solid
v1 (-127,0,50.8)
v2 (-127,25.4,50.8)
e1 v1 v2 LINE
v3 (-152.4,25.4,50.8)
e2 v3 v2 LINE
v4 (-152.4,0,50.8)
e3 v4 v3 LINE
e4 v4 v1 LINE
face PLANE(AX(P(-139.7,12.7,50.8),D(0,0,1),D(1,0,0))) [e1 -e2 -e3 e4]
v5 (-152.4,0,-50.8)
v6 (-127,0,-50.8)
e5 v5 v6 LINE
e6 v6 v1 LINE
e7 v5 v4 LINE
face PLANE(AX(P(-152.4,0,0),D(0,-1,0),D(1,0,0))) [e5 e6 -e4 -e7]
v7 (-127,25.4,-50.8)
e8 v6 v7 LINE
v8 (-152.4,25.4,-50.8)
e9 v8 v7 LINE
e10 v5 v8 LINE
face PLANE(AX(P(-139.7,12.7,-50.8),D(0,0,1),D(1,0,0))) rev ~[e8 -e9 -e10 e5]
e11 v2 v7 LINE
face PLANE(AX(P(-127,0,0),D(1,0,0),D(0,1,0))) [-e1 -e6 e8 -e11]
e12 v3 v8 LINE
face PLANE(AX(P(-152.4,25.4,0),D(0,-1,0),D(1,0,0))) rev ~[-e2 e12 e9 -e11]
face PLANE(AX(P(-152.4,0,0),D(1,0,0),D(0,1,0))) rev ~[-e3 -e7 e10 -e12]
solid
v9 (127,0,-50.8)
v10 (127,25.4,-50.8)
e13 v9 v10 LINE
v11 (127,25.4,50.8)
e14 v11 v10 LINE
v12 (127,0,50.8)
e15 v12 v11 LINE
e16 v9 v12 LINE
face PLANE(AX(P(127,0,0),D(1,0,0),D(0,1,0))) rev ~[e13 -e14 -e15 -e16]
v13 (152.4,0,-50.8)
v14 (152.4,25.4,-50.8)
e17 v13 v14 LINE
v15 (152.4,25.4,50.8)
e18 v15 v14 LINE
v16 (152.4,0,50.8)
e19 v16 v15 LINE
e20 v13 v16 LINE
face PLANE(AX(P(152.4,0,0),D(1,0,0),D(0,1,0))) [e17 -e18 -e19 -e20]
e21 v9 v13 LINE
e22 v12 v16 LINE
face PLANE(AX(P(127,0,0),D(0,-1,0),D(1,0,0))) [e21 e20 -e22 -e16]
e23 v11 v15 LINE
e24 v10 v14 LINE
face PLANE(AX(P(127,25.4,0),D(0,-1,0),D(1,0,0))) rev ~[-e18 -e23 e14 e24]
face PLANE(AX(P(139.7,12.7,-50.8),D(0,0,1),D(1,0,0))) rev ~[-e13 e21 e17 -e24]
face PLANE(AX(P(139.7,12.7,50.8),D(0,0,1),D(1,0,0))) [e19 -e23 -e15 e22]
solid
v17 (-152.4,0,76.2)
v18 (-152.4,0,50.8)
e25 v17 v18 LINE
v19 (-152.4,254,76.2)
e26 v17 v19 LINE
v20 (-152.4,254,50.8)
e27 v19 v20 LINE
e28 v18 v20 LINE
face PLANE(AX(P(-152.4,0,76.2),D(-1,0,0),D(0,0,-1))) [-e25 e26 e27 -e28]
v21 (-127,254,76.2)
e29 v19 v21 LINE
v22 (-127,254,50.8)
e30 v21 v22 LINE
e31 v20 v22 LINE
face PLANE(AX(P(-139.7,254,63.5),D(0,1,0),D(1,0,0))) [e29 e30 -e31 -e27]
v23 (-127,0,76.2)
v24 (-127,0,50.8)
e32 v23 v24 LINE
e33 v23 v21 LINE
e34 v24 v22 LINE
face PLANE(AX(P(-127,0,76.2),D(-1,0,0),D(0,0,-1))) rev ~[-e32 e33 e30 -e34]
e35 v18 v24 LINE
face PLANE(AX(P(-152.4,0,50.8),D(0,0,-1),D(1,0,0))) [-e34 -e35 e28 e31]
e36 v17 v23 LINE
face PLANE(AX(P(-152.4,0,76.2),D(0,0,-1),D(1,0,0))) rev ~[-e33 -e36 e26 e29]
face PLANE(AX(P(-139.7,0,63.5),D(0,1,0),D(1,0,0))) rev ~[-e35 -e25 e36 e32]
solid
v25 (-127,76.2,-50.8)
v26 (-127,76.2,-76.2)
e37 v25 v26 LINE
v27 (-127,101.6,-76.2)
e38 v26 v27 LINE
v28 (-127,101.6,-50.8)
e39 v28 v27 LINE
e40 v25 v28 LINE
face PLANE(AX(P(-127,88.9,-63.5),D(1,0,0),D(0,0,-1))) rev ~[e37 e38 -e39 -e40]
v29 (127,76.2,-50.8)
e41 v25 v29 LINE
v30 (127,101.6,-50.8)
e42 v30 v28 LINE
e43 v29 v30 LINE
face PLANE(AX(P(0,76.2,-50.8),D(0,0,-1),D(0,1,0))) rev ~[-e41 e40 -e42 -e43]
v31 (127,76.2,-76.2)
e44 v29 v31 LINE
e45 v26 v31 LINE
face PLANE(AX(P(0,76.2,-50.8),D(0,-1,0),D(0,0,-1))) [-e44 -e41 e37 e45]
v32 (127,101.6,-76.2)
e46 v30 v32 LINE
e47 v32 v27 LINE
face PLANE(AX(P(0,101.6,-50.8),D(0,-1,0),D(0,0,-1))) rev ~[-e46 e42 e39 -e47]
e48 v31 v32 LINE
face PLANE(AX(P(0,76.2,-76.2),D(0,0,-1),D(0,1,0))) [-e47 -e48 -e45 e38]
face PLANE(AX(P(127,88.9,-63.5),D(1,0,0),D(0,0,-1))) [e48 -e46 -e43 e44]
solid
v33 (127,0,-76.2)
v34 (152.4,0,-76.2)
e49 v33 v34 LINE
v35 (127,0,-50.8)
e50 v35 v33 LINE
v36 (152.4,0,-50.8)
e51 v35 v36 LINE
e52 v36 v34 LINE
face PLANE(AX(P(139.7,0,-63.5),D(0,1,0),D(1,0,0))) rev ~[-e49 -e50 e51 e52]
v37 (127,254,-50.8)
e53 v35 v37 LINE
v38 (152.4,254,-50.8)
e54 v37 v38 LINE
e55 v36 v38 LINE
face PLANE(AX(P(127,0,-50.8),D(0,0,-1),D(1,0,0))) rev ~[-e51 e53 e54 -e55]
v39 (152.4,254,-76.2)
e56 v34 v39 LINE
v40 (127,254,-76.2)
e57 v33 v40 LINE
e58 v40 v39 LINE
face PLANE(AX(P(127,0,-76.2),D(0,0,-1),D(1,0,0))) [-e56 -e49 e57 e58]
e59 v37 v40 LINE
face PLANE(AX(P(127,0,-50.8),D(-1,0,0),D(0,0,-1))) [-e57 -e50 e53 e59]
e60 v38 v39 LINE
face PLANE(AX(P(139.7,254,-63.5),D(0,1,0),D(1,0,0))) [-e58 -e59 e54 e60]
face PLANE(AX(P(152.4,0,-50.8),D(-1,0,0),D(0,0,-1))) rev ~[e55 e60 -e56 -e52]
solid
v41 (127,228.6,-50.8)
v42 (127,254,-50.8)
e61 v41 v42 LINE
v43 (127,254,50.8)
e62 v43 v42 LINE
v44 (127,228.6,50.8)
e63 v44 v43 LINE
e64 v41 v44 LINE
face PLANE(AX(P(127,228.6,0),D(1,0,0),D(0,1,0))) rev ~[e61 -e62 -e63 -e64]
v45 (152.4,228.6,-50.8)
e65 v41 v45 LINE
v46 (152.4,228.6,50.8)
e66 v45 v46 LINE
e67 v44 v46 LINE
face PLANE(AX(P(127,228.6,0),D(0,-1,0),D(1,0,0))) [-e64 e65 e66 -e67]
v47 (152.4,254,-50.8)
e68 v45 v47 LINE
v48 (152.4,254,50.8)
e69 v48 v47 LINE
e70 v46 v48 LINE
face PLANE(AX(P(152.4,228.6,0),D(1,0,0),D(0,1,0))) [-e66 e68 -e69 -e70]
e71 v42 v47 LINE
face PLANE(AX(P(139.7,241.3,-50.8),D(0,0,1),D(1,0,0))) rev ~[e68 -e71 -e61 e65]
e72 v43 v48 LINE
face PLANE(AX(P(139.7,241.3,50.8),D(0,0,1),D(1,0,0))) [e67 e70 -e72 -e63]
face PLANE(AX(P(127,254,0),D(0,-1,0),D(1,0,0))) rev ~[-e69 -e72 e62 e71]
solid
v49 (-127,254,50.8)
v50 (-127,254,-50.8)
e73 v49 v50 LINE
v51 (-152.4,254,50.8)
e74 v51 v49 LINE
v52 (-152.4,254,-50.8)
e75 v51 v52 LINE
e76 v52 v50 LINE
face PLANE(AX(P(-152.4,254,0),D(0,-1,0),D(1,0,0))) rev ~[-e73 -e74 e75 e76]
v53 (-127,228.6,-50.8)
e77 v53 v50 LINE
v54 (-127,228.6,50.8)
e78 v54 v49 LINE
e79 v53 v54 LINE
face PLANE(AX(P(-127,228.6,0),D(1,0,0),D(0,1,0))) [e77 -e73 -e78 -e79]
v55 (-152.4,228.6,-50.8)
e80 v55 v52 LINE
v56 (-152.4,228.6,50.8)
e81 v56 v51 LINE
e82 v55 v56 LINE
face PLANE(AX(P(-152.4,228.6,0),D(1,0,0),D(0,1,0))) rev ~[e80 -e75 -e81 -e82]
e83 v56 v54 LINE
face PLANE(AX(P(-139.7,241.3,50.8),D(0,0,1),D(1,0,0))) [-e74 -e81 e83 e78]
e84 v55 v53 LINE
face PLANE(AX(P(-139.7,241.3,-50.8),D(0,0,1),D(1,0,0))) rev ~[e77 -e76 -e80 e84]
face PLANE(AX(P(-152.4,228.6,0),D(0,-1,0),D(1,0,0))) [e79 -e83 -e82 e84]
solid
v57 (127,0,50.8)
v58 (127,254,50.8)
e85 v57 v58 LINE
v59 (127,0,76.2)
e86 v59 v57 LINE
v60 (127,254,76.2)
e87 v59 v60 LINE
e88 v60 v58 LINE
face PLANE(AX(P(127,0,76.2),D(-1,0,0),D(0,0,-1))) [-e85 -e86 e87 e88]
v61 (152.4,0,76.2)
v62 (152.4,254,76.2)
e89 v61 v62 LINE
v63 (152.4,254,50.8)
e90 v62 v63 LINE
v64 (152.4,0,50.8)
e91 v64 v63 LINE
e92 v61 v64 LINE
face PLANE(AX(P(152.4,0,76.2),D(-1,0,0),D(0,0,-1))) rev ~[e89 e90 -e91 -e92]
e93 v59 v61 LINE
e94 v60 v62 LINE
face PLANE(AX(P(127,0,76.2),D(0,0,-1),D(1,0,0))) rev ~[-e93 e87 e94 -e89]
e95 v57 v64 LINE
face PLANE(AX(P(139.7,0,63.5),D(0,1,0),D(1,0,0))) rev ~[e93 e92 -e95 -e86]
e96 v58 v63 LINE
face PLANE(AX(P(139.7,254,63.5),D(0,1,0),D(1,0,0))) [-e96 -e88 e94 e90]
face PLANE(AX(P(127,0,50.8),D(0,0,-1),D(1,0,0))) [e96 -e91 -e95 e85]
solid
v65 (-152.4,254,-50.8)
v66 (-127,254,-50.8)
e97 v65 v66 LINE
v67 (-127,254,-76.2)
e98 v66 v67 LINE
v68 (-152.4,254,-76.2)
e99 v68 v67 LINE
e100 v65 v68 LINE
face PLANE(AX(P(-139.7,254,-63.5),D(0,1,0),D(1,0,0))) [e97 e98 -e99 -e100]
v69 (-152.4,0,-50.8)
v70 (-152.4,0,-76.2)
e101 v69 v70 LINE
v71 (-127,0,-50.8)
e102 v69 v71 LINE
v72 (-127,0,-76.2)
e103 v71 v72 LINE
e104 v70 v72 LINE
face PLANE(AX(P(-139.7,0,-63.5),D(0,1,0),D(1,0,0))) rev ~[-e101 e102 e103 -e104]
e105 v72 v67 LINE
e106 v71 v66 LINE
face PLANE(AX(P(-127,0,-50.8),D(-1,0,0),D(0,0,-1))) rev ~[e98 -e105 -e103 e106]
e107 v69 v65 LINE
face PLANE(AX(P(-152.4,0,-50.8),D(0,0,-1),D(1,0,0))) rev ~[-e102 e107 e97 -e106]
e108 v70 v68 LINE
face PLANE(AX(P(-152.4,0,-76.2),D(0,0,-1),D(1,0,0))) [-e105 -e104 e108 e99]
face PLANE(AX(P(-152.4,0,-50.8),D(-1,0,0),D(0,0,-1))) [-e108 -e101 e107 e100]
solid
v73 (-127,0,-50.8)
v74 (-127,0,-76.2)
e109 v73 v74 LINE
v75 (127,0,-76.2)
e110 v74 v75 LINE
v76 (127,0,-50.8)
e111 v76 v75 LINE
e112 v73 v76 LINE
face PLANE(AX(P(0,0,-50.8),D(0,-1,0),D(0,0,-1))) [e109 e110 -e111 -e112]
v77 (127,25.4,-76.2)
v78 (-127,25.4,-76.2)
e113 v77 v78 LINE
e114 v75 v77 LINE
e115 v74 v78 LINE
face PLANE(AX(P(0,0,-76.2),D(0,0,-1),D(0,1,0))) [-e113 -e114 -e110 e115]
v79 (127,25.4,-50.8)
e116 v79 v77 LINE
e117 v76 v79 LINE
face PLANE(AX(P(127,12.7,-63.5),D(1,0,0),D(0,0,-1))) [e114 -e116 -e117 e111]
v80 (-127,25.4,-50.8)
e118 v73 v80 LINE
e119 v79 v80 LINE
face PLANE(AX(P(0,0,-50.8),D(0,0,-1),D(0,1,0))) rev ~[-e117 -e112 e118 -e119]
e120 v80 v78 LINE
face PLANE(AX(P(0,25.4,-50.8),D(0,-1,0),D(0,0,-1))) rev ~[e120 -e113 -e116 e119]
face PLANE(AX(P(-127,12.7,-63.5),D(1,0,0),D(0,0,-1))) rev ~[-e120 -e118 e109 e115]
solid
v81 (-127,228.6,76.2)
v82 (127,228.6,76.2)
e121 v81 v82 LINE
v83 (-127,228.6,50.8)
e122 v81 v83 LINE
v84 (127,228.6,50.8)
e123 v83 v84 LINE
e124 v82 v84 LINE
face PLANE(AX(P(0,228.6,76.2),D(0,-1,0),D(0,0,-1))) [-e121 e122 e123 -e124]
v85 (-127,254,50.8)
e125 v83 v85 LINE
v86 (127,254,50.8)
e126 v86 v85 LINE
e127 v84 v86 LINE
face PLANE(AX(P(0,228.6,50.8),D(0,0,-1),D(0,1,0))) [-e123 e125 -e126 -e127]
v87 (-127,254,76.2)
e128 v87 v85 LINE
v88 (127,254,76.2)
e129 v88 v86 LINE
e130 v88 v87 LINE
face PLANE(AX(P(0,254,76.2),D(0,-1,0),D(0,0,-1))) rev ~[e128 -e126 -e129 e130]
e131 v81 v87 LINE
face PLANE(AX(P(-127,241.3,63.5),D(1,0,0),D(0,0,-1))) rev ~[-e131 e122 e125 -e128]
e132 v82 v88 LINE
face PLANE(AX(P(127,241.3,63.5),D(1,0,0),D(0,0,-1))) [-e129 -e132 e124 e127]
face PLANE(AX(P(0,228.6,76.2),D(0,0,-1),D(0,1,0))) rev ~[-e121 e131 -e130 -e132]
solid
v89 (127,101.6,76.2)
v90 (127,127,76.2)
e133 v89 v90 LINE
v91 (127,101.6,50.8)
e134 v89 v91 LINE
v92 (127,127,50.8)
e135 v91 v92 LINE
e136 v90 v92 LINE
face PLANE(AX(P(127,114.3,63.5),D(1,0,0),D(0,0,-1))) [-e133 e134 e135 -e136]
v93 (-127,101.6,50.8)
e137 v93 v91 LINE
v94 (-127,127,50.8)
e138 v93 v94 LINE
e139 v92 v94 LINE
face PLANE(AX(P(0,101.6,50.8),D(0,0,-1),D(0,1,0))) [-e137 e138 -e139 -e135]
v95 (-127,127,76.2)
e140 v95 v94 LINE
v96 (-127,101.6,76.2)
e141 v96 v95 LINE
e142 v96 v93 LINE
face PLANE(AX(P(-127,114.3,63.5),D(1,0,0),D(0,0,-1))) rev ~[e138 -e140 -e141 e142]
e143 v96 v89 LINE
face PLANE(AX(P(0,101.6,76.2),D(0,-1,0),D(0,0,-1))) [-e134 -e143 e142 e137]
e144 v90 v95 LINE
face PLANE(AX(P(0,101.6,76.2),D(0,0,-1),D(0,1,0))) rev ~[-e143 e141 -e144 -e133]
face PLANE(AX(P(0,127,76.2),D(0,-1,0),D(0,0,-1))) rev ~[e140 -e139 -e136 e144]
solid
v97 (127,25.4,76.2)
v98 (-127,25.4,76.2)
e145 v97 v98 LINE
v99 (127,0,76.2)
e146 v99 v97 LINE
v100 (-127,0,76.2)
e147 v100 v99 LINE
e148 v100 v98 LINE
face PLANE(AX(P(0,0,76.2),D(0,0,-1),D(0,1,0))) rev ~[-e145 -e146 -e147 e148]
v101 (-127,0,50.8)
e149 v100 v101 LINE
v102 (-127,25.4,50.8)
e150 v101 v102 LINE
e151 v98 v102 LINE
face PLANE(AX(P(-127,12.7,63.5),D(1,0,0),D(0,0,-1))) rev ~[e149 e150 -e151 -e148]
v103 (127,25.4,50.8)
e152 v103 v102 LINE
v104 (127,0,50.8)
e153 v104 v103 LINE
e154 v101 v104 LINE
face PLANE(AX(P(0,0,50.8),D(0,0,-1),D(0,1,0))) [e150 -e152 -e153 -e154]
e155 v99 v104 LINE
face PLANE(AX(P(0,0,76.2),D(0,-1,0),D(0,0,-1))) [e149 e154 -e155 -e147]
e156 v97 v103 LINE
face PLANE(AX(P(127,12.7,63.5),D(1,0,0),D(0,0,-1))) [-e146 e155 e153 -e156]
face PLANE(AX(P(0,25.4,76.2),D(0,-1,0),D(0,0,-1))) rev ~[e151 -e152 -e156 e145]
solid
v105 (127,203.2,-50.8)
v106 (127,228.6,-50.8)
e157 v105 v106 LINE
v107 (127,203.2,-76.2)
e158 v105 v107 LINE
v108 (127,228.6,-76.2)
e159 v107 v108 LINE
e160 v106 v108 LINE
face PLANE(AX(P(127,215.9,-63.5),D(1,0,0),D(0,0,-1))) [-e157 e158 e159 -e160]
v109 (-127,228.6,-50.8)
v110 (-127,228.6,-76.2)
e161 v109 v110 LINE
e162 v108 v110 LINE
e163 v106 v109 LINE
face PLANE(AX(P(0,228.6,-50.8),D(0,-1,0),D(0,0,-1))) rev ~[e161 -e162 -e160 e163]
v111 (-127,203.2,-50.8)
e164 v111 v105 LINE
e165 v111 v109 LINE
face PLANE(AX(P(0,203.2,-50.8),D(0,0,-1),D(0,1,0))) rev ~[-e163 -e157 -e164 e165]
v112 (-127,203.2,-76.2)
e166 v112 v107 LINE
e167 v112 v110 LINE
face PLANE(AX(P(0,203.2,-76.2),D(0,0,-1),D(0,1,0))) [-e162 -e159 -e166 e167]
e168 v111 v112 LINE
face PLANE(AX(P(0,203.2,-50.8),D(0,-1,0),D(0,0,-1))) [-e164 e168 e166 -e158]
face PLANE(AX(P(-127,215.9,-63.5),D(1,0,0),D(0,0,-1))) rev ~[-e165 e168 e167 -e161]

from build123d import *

# Parameters (mm, degrees)
SKETCH1_W                  = 25.4
SKETCH1_H                  = 25.4
BOSS_EXTRUDE1_DEPTH        = 254
BOSS_EXTRUDE1_2_DEPTH      = 254
BOSS_EXTRUDE1_3_DEPTH      = 254
BOSS_EXTRUDE1_4_DEPTH      = 254
SKETCH2_W                  = 25.4
SKETCH2_H                  = 25.4
BOSS_EXTRUDE2_DEPTH        = 127
BOSS_EXTRUDE2_DEPTH_BACK   = 127
BOSS_EXTRUDE2_2_DEPTH      = 127
BOSS_EXTRUDE2_2_DEPTH_BACK = 127
BOSS_EXTRUDE2_3_DEPTH      = 127
BOSS_EXTRUDE2_3_DEPTH_BACK = 127
BOSS_EXTRUDE2_4_DEPTH      = 127
BOSS_EXTRUDE2_4_DEPTH_BACK = 127
BOSS_EXTRUDE2_5_DEPTH      = 127
BOSS_EXTRUDE2_5_DEPTH_BACK = 127
BOSS_EXTRUDE2_6_DEPTH      = 127
BOSS_EXTRUDE2_6_DEPTH_BACK = 127
SKETCH3_W                  = 25.4
SKETCH3_H                  = 25.4
BOSS_EXTRUDE3_DEPTH        = 50.8
BOSS_EXTRUDE3_DEPTH_BACK   = 50.8
BOSS_EXTRUDE3_2_DEPTH      = 50.8
BOSS_EXTRUDE3_2_DEPTH_BACK = 50.8
BOSS_EXTRUDE3_3_DEPTH      = 50.8
BOSS_EXTRUDE3_3_DEPTH_BACK = 50.8
BOSS_EXTRUDE3_4_DEPTH      = 50.8
BOSS_EXTRUDE3_4_DEPTH_BACK = 50.8


with BuildPart() as part:
    # Sketch1 → Boss-Extrude1 (new body)
    with BuildSketch(Plane(origin=(0, 0, 0), x_dir=(1, 0, 0), z_dir=(0, 1, 0))):
        with Locations((-139.7, 63.5)):
            Rectangle(SKETCH1_W, SKETCH1_H)
    extrude(amount=BOSS_EXTRUDE1_DEPTH)


with BuildPart() as body_2:
    # Sketch1 → Boss-Extrude1 2 (new body)
    with BuildSketch(Plane(origin=(0, 0, 0), x_dir=(1, 0, 0), z_dir=(0, 1, 0))):
        with Locations((-139.7, -63.5)):
            Rectangle(SKETCH1_W, SKETCH1_H)
    extrude(amount=BOSS_EXTRUDE1_2_DEPTH)


with BuildPart() as body_3:
    # Sketch1 → Boss-Extrude1 3 (new body)
    with BuildSketch(Plane(origin=(0, 0, 0), x_dir=(1, 0, 0), z_dir=(0, 1, 0))):
        with Locations((139.7, -63.5)):
            Rectangle(SKETCH1_W, SKETCH1_H)
    extrude(amount=BOSS_EXTRUDE1_3_DEPTH)


with BuildPart() as body_4:
    # Sketch1 → Boss-Extrude1 4 (new body)
    with BuildSketch(Plane(origin=(0, 0, 0), x_dir=(1, 0, 0), z_dir=(0, 1, 0))):
        with Locations((139.7, 63.5)):
            Rectangle(SKETCH1_W, SKETCH1_H)
    extrude(amount=BOSS_EXTRUDE1_4_DEPTH)


with BuildPart() as body_5:
    # Sketch2 → Boss-Extrude2 (new body, two sides)
    with BuildSketch(Plane(origin=(0, 0, 0), x_dir=(0, 0, -1), z_dir=(1, 0, 0))) as boss_extrude2_sk:
        with Locations((-63.5, 241.3)):
            Rectangle(SKETCH2_W, SKETCH2_H)
    extrude(amount=BOSS_EXTRUDE2_DEPTH)
    extrude(boss_extrude2_sk.sketch, amount=-BOSS_EXTRUDE2_DEPTH_BACK)


with BuildPart() as body_6:
    # Sketch2 → Boss-Extrude2 2 (new body, two sides)
    with BuildSketch(Plane(origin=(0, 0, 0), x_dir=(0, 0, -1), z_dir=(1, 0, 0))) as boss_extrude2_2_sk:
        with Locations((63.5, 215.9)):
            Rectangle(SKETCH2_W, SKETCH2_H)
    extrude(amount=BOSS_EXTRUDE2_2_DEPTH)
    extrude(boss_extrude2_2_sk.sketch, amount=-BOSS_EXTRUDE2_2_DEPTH_BACK)


with BuildPart() as body_7:
    # Sketch2 → Boss-Extrude2 3 (new body, two sides)
    with BuildSketch(Plane(origin=(0, 0, 0), x_dir=(0, 0, -1), z_dir=(1, 0, 0))) as boss_extrude2_3_sk:
        with Locations((-63.5, 12.7)):
            Rectangle(SKETCH2_W, SKETCH2_H)
    extrude(amount=BOSS_EXTRUDE2_3_DEPTH)
    extrude(boss_extrude2_3_sk.sketch, amount=-BOSS_EXTRUDE2_3_DEPTH_BACK)


with BuildPart() as body_8:
    # Sketch2 → Boss-Extrude2 4 (new body, two sides)
    with BuildSketch(Plane(origin=(0, 0, 0), x_dir=(0, 0, -1), z_dir=(1, 0, 0))) as boss_extrude2_4_sk:
        with Locations((63.5, 12.7)):
            Rectangle(SKETCH2_W, SKETCH2_H)
    extrude(amount=BOSS_EXTRUDE2_4_DEPTH)
    extrude(boss_extrude2_4_sk.sketch, amount=-BOSS_EXTRUDE2_4_DEPTH_BACK)


with BuildPart() as body_9:
    # Sketch2 → Boss-Extrude2 5 (new body, two sides)
    with BuildSketch(Plane(origin=(0, 0, 0), x_dir=(0, 0, -1), z_dir=(1, 0, 0))) as boss_extrude2_5_sk:
        with Locations((-63.5, 114.3)):
            Rectangle(SKETCH2_W, SKETCH2_H)
    extrude(amount=BOSS_EXTRUDE2_5_DEPTH)
    extrude(boss_extrude2_5_sk.sketch, amount=-BOSS_EXTRUDE2_5_DEPTH_BACK)


with BuildPart() as body_10:
    # Sketch2 → Boss-Extrude2 6 (new body, two sides)
    with BuildSketch(Plane(origin=(0, 0, 0), x_dir=(0, 0, -1), z_dir=(1, 0, 0))) as boss_extrude2_6_sk:
        with Locations((63.5, 88.9)):
            Rectangle(SKETCH2_W, SKETCH2_H)
    extrude(amount=BOSS_EXTRUDE2_6_DEPTH)
    extrude(boss_extrude2_6_sk.sketch, amount=-BOSS_EXTRUDE2_6_DEPTH_BACK)


with BuildPart() as body_11:
    # Sketch3 → Boss-Extrude3 (new body, two sides)
    with BuildSketch(Plane.XY) as boss_extrude3_sk:
        with Locations((-139.7, 241.3)):
            Rectangle(SKETCH3_W, SKETCH3_H)
    extrude(amount=BOSS_EXTRUDE3_DEPTH)
    extrude(boss_extrude3_sk.sketch, amount=-BOSS_EXTRUDE3_DEPTH_BACK)


with BuildPart() as body_12:
    # Sketch3 → Boss-Extrude3 2 (new body, two sides)
    with BuildSketch(Plane.XY) as boss_extrude3_2_sk:
        with Locations((-139.7, 12.7)):
            Rectangle(SKETCH3_W, SKETCH3_H)
    extrude(amount=BOSS_EXTRUDE3_2_DEPTH)
    extrude(boss_extrude3_2_sk.sketch, amount=-BOSS_EXTRUDE3_2_DEPTH_BACK)


with BuildPart() as body_13:
    # Sketch3 → Boss-Extrude3 3 (new body, two sides)
    with BuildSketch(Plane.XY) as boss_extrude3_3_sk:
        with Locations((139.7, 241.3)):
            Rectangle(SKETCH3_W, SKETCH3_H)
    extrude(amount=BOSS_EXTRUDE3_3_DEPTH)
    extrude(boss_extrude3_3_sk.sketch, amount=-BOSS_EXTRUDE3_3_DEPTH_BACK)


with BuildPart() as body_14:
    # Sketch3 → Boss-Extrude3 4 (new body, two sides)
    with BuildSketch(Plane.XY) as boss_extrude3_4_sk:
        with Locations((139.7, 12.7)):
            Rectangle(SKETCH3_W, SKETCH3_H)
    extrude(amount=BOSS_EXTRUDE3_4_DEPTH)
    extrude(boss_extrude3_4_sk.sketch, amount=-BOSS_EXTRUDE3_4_DEPTH_BACK)


solid = Compound([part.part, body_2.part, body_3.part, body_4.part, body_5.part, body_6.part, body_7.part, body_8.part, body_9.part, body_10.part, body_11.part, body_12.part, body_13.part, body_14.part])
